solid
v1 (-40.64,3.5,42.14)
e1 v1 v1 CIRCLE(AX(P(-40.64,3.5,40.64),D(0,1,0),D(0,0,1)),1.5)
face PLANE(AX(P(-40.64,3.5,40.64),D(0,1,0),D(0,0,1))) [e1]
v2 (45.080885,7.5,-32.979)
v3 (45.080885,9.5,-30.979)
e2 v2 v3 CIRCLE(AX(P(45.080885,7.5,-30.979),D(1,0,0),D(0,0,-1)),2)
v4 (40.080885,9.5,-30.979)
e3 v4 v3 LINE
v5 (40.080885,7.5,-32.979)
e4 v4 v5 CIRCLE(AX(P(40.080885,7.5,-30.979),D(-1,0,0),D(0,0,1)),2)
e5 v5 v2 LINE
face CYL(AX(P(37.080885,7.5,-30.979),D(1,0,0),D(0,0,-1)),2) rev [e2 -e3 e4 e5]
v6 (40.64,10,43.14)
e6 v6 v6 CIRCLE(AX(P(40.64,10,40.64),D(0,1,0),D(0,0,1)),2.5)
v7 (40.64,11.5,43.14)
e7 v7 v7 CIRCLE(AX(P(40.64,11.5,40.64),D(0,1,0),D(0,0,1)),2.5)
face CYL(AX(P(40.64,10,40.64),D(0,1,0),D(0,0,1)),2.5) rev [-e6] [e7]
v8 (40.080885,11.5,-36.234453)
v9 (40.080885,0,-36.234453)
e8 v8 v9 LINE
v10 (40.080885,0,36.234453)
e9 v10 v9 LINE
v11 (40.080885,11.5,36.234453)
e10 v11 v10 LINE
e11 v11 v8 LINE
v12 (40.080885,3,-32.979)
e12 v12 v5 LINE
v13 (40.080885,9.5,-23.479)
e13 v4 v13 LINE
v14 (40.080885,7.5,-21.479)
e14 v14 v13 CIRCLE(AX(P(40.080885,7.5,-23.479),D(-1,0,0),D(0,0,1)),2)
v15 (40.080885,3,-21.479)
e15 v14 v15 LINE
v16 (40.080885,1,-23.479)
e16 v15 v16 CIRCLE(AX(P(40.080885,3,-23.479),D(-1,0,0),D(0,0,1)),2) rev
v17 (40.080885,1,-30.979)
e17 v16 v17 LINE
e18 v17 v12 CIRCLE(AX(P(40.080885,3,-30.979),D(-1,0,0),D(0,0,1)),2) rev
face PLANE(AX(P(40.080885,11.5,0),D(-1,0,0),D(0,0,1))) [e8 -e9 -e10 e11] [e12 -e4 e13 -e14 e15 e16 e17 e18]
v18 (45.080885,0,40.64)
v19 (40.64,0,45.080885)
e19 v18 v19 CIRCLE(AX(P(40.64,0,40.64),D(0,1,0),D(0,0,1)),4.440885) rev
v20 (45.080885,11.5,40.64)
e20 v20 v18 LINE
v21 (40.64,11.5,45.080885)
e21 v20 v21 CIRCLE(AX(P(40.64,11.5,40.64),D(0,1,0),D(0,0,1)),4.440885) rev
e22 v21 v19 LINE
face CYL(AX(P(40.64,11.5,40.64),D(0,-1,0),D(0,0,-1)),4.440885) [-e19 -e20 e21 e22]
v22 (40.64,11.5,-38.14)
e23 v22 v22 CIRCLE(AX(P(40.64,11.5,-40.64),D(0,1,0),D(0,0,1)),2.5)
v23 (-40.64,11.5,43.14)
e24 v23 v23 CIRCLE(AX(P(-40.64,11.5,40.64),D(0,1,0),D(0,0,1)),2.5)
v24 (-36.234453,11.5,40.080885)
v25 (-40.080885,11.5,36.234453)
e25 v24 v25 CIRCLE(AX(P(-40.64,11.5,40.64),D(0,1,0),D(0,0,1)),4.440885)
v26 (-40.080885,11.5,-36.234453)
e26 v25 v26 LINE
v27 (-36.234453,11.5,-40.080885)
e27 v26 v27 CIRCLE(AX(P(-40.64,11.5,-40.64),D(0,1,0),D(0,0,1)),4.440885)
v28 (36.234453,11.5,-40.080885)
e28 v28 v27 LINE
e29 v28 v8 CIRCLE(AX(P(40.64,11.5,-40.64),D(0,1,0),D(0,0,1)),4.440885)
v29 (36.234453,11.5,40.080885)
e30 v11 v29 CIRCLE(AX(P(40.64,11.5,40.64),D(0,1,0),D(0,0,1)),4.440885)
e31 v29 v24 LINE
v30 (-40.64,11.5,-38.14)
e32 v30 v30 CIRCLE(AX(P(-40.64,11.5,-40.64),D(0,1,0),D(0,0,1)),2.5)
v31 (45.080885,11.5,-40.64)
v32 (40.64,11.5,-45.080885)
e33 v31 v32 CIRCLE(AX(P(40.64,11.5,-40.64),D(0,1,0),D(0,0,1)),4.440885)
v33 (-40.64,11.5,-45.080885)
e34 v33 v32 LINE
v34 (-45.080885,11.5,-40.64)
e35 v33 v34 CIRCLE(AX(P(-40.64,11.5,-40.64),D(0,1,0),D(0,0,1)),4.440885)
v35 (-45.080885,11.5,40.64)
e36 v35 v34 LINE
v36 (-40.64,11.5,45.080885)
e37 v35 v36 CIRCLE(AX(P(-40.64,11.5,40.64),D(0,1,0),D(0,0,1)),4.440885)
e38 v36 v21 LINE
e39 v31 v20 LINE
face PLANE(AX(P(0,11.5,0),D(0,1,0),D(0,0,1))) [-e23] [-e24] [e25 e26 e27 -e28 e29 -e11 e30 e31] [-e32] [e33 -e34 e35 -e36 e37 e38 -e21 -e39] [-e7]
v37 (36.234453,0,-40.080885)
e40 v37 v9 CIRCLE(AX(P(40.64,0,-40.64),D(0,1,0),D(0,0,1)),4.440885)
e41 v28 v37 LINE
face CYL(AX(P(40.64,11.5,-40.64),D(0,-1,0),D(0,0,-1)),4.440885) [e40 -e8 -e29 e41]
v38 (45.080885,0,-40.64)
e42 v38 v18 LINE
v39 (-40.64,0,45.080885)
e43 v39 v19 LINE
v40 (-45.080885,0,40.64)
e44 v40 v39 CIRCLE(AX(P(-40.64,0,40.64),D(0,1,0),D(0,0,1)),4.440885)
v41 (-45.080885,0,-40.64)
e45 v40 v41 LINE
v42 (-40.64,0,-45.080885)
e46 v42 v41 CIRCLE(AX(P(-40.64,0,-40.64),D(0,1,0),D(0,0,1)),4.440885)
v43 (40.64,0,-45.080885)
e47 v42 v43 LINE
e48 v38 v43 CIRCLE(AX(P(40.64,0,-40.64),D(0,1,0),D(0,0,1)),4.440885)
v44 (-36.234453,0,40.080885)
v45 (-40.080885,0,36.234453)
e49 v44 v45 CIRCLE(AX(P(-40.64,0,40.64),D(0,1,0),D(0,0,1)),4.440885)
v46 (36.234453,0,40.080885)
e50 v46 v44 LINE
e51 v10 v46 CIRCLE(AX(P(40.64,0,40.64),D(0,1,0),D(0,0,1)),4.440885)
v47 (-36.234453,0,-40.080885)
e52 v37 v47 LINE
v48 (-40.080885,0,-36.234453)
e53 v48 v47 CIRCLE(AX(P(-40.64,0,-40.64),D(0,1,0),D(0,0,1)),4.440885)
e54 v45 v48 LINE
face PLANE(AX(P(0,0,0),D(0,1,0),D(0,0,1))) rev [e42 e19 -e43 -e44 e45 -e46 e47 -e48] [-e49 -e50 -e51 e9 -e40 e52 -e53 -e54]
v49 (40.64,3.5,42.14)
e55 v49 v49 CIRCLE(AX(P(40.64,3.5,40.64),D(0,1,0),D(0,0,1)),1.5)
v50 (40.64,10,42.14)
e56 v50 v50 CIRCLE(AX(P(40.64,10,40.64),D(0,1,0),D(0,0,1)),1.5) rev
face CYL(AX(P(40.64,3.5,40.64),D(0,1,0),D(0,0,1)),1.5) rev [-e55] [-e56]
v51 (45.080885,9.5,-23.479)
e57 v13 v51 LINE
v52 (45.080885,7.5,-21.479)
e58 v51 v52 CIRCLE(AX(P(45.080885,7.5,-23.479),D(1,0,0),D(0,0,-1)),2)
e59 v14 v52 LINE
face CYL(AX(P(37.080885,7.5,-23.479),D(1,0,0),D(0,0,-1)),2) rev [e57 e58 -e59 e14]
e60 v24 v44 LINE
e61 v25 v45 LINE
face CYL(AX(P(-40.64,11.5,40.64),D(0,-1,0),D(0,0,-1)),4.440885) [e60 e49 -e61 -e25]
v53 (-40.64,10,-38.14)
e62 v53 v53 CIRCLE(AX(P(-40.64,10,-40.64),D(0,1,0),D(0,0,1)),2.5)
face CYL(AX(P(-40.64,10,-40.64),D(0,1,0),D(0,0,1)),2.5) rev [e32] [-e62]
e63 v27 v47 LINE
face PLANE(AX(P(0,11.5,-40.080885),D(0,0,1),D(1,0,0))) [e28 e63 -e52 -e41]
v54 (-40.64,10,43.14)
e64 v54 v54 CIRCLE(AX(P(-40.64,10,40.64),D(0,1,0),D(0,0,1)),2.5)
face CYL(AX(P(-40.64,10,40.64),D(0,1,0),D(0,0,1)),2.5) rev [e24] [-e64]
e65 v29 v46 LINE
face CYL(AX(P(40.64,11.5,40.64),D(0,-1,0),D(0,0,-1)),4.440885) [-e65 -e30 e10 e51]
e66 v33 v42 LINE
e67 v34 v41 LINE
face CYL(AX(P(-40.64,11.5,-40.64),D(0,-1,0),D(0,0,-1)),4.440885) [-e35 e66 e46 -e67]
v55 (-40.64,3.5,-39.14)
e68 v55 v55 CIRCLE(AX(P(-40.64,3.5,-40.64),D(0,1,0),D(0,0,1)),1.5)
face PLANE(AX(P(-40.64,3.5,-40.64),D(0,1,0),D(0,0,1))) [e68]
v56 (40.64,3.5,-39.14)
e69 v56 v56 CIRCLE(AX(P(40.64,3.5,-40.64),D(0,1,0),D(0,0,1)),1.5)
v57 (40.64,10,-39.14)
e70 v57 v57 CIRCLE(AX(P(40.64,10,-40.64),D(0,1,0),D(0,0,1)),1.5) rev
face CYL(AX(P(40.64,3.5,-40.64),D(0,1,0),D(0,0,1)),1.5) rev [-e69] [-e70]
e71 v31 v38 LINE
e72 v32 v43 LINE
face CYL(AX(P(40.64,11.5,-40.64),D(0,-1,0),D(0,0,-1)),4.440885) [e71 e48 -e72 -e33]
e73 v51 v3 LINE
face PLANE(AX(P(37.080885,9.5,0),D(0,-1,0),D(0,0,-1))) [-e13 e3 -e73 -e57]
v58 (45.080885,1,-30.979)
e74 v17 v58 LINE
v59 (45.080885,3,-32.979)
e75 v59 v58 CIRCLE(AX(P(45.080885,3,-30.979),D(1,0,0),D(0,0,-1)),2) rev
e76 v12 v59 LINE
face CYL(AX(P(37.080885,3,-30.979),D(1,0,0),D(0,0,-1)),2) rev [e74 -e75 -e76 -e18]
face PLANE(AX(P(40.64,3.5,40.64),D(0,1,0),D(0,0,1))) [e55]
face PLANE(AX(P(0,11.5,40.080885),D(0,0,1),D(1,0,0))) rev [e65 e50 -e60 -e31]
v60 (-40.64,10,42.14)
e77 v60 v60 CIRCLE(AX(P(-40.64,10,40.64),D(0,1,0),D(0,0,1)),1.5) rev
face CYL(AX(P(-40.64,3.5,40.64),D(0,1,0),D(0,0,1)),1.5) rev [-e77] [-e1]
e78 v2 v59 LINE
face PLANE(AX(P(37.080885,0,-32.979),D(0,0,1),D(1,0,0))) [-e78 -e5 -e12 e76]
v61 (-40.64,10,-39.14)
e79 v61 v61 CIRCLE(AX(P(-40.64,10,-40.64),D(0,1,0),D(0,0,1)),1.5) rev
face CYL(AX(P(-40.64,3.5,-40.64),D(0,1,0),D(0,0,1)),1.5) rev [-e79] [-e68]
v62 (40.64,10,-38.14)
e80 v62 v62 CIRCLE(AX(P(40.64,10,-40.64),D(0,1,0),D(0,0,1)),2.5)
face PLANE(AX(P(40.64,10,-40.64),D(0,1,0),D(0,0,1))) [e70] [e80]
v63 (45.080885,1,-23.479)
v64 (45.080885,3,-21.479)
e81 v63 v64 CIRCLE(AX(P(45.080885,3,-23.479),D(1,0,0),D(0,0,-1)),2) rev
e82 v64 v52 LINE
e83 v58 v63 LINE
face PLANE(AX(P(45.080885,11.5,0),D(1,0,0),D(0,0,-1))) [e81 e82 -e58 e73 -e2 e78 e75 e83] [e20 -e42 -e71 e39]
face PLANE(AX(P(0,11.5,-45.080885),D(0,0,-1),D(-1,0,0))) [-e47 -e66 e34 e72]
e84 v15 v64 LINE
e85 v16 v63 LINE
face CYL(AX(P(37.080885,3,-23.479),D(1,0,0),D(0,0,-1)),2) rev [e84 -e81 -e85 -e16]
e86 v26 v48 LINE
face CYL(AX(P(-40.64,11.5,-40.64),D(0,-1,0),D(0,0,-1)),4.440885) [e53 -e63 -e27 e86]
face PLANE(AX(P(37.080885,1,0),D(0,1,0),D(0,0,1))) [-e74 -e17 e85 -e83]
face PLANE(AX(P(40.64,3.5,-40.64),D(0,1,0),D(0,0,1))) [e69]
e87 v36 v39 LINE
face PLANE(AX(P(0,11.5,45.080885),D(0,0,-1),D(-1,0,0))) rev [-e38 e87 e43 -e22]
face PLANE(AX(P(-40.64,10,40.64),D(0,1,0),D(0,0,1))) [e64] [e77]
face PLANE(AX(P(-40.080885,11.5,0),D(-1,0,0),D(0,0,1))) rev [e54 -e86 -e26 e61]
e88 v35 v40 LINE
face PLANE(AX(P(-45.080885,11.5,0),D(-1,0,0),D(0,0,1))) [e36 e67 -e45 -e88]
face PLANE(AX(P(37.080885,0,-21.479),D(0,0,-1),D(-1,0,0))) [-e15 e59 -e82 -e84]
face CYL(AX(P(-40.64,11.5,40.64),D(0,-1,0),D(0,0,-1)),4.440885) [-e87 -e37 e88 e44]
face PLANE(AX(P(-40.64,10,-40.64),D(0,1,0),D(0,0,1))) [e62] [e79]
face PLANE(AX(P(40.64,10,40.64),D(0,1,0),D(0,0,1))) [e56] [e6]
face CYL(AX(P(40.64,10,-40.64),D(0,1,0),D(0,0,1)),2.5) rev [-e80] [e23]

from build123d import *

# Parameters (mm, degrees)
SKETCH1_W           = 7.937979337
SKETCH1_H           = 0.559115352
BOSS_EXTRUDE1_DEPTH = 11.5
SKETCH2_R           = 1.5
CUT_EXTRUDE1_DEPTH  = 8
CUT_EXTRUDE2_DEPTH  = 8
SKETCH4_R           = 2.5
CUT_EXTRUDE3_DEPTH  = 1.5


with BuildPart() as part:
    # Sketch1 → Boss-Extrude1 (new body)
    with BuildSketch(Plane(origin=(0, 0, 0), x_dir=(1, 0, 0), z_dir=(0, 1, 0))):
        with BuildLine():
            Line((-40.080884648, -36.23445276), (-40.080884648, 18.423402639))
            Line((-40.080884648, 18.423402639), (-40.64, 18.423402639))
            Line((-40.64, 18.423402639), (-40.64, -36.199115352))
            ThreePointArc((-40.64, -36.199115352), (-40.359884529, -36.207958509), (-40.080884648, -36.23445276))
        make_face()
        with BuildLine():
            Line((-40.080884648, 18.423402639), (-40.080884648, 36.23445276))
            ThreePointArc((-40.080884648, 36.23445276), (-40.359884529, 36.207958509), (-40.64, 36.199115352))
            Line((-40.64, 36.199115352), (-40.64, 18.423402639))
            Line((-40.64, 18.423402639), (-40.080884648, 18.423402639))
        make_face()
        with BuildLine():
            Line((-36.23445276, 40.080884648), (-7.937979337, 40.080884648))
            Line((-7.937979337, 40.080884648), (-7.937979337, 40.64))
            Line((-7.937979337, 40.64), (-36.199115352, 40.64))
            ThreePointArc((-36.199115352, 40.64), (-36.207958509, 40.359884529), (-36.23445276, 40.080884648))
        make_face()
        with BuildLine():
            Line((0, 40.64), (0, 40.080884648))
            Line((0, 40.080884648), (36.23445276, 40.080884648))
            ThreePointArc((36.23445276, 40.080884648), (36.207958509, 40.359884529), (36.199115352, 40.64))
            Line((36.199115352, 40.64), (0, 40.64))
        make_face()
        with Locations((-3.968989669, 40.360442324)):
            Rectangle(SKETCH1_W, SKETCH1_H)
        with BuildLine():
            ThreePointArc((40.64, 36.199115352), (40.359884529, 36.207958509), (40.080884648, 36.23445276))
            Line((40.080884648, 36.23445276), (40.080884648, 28.268480093))
            Line((40.080884648, 28.268480093), (40.64, 28.268480093))
            Line((40.64, 28.268480093), (40.64, 36.199115352))
        make_face()
        with BuildLine():
            Line((40.64, 28.268480093), (40.080884648, 28.268480093))
            Line((40.080884648, 28.268480093), (40.080884648, -36.23445276))
            ThreePointArc((40.080884648, -36.23445276), (40.359884529, -36.207958509), (40.64, -36.199115352))
            Line((40.64, -36.199115352), (40.64, 28.268480093))
        make_face()
        with BuildLine():
            ThreePointArc((40.64, -36.199115352), (40.359884529, -36.207958509), (40.080884648, -36.23445276))
            ThreePointArc((40.080884648, -36.23445276), (37.499820351, -37.499820351), (36.23445276, -40.080884648))
            ThreePointArc((36.23445276, -40.080884648), (36.207958509, -40.359884529), (36.199115352, -40.64))
            Line((36.199115352, -40.64), (40.64, -40.64))
            Line((40.64, -40.64), (40.64, -36.199115352))
        make_face()
        with BuildLine():
            ThreePointArc((45.080884648, -40.64), (43.780179649, -37.499820351), (40.64, -36.199115352))
            Line((40.64, -36.199115352), (40.64, -40.64))
            Line((40.64, -40.64), (36.199115352, -40.64))
            ThreePointArc((36.199115352, -40.64), (37.499820351, -43.780179649), (40.64, -45.080884648))
            ThreePointArc((40.64, -45.080884648), (43.780179649, -43.780179649), (45.080884648, -40.64))
        make_face()
        with BuildLine():
            ThreePointArc((36.199115352, -40.64), (36.207958509, -40.359884529), (36.23445276, -40.080884648))
            Line((36.23445276, -40.080884648), (27.085817246, -40.080884648))
            Line((27.085817246, -40.080884648), (27.085817246, -40.64))
            Line((27.085817246, -40.64), (36.199115352, -40.64))
        make_face()
        with BuildLine():
            Line((27.085817246, -40.080884648), (-36.23445276, -40.080884648))
            ThreePointArc((-36.23445276, -40.080884648), (-36.207958509, -40.359884529), (-36.199115352, -40.64))
            Line((-36.199115352, -40.64), (27.085817246, -40.64))
            Line((27.085817246, -40.64), (27.085817246, -40.080884648))
        make_face()
        with BuildLine():
            Line((-40.64, -40.64), (-40.64, -36.199115352))
            ThreePointArc((-40.64, -36.199115352), (-43.780179649, -37.499820351), (-45.080884648, -40.64))
            ThreePointArc((-45.080884648, -40.64), (-43.780179649, -43.780179649), (-40.64, -45.080884648))
            ThreePointArc((-40.64, -45.080884648), (-37.499820351, -43.780179649), (-36.199115352, -40.64))
            Line((-36.199115352, -40.64), (-40.64, -40.64))
        make_face()
        with BuildLine():
            ThreePointArc((-36.23445276, -40.080884648), (-37.499820351, -37.499820351), (-40.080884648, -36.23445276))
            ThreePointArc((-40.080884648, -36.23445276), (-40.359884529, -36.207958509), (-40.64, -36.199115352))
            Line((-40.64, -36.199115352), (-40.64, -40.64))
            Line((-40.64, -40.64), (-36.199115352, -40.64))
            ThreePointArc((-36.199115352, -40.64), (-36.207958509, -40.359884529), (-36.23445276, -40.080884648))
        make_face()
        with BuildLine():
            Line((27.085817246, -40.64), (-36.199115352, -40.64))
            ThreePointArc((-36.199115352, -40.64), (-37.499820351, -43.780179649), (-40.64, -45.080884648))
            Line((-40.64, -45.080884648), (27.085817246, -45.080884648))
            Line((27.085817246, -45.080884648), (27.085817246, -40.64))
        make_face()
        with BuildLine():
            Line((-40.64, -36.199115352), (-40.64, 18.423402639))
            Line((-40.64, 18.423402639), (-45.080884648, 18.423402639))
            Line((-45.080884648, 18.423402639), (-45.080884648, -40.64))
            ThreePointArc((-45.080884648, -40.64), (-43.780179649, -37.499820351), (-40.64, -36.199115352))
        make_face()
        with BuildLine():
            ThreePointArc((40.64, -45.080884648), (37.499820351, -43.780179649), (36.199115352, -40.64))
            Line((36.199115352, -40.64), (27.085817246, -40.64))
            Line((27.085817246, -40.64), (27.085817246, -45.080884648))
            Line((27.085817246, -45.080884648), (40.64, -45.080884648))
        make_face()
        with BuildLine():
            Line((45.080884648, 28.268480093), (40.64, 28.268480093))
            Line((40.64, 28.268480093), (40.64, -36.199115352))
            ThreePointArc((40.64, -36.199115352), (43.780179649, -37.499820351), (45.080884648, -40.64))
            Line((45.080884648, -40.64), (45.080884648, 28.268480093))
        make_face()
        with BuildLine():
            ThreePointArc((45.080884648, 40.64), (43.780179649, 37.499820351), (40.64, 36.199115352))
            Line((40.64, 36.199115352), (40.64, 28.268480093))
            Line((40.64, 28.268480093), (45.080884648, 28.268480093))
            Line((45.080884648, 28.268480093), (45.080884648, 40.64))
        make_face()
        with BuildLine():
            ThreePointArc((40.64, 45.080884648), (37.499820351, 43.780179649), (36.199115352, 40.64))
            Line((36.199115352, 40.64), (40.64, 40.64))
            Line((40.64, 40.64), (40.64, 36.199115352))
            ThreePointArc((40.64, 36.199115352), (43.780179649, 37.499820351), (45.080884648, 40.64))
            ThreePointArc((45.080884648, 40.64), (43.780179649, 43.780179649), (40.64, 45.080884648))
        make_face()
        with BuildLine():
            ThreePointArc((36.199115352, 40.64), (36.207958509, 40.359884529), (36.23445276, 40.080884648))
            ThreePointArc((36.23445276, 40.080884648), (37.499820351, 37.499820351), (40.080884648, 36.23445276))
            ThreePointArc((40.080884648, 36.23445276), (40.359884529, 36.207958509), (40.64, 36.199115352))
            Line((40.64, 36.199115352), (40.64, 40.64))
            Line((40.64, 40.64), (36.199115352, 40.64))
        make_face()
        with BuildLine():
            Line((-7.937979337, 40.64), (0, 40.64))
            Line((0, 40.64), (36.199115352, 40.64))
            ThreePointArc((36.199115352, 40.64), (37.499820351, 43.780179649), (40.64, 45.080884648))
            Line((40.64, 45.080884648), (-7.937979337, 45.080884648))
            Line((-7.937979337, 45.080884648), (-7.937979337, 40.64))
        make_face()
        with BuildLine():
            Line((-36.199115352, 40.64), (-7.937979337, 40.64))
            Line((-7.937979337, 40.64), (-7.937979337, 45.080884648))
            Line((-7.937979337, 45.080884648), (-40.64, 45.080884648))
            ThreePointArc((-40.64, 45.080884648), (-37.499820351, 43.780179649), (-36.199115352, 40.64))
        make_face()
        with BuildLine():
            Line((-40.64, 40.64), (-36.199115352, 40.64))
            ThreePointArc((-36.199115352, 40.64), (-37.499820351, 43.780179649), (-40.64, 45.080884648))
            ThreePointArc((-40.64, 45.080884648), (-43.780179649, 43.780179649), (-45.080884648, 40.64))
            ThreePointArc((-45.080884648, 40.64), (-43.780179649, 37.499820351), (-40.64, 36.199115352))
            Line((-40.64, 36.199115352), (-40.64, 40.64))
        make_face()
        with BuildLine():
            ThreePointArc((-40.080884648, 36.23445276), (-37.499820351, 37.499820351), (-36.23445276, 40.080884648))
            ThreePointArc((-36.23445276, 40.080884648), (-36.207958509, 40.359884529), (-36.199115352, 40.64))
            Line((-36.199115352, 40.64), (-40.64, 40.64))
            Line((-40.64, 40.64), (-40.64, 36.199115352))
            ThreePointArc((-40.64, 36.199115352), (-40.359884529, 36.207958509), (-40.080884648, 36.23445276))
        make_face()
        with BuildLine():
            Line((-40.64, 18.423402639), (-40.64, 36.199115352))
            ThreePointArc((-40.64, 36.199115352), (-43.780179649, 37.499820351), (-45.080884648, 40.64))
            Line((-45.080884648, 40.64), (-45.080884648, 18.423402639))
            Line((-45.080884648, 18.423402639), (-40.64, 18.423402639))
        make_face()
    extrude(amount=BOSS_EXTRUDE1_DEPTH)

    # Sketch2 → Cut-Extrude1 (cut)
    with BuildSketch(Plane(origin=(0, 11.5, 0), x_dir=(1, 0, 0), z_dir=(0, 1, 0))):
        with Locations((-40.64, 40.64)):
            Circle(SKETCH2_R)
        with Locations((40.64, 40.64)):
            Circle(SKETCH2_R)
        with Locations((40.64, -40.64)):
            Circle(SKETCH2_R)
        with Locations((-40.64, -40.64)):
            Circle(SKETCH2_R)
    extrude(amount=-CUT_EXTRUDE1_DEPTH, mode=Mode.SUBTRACT)

    # Sketch3 → Cut-Extrude2 (cut)
    with BuildSketch(Plane(origin=(45.080884648, 0, 0), x_dir=(0, 0, -1), z_dir=(1, 0, 0))):
        with BuildLine():
            Line((30.979, 9.5), (23.479, 9.5))
            ThreePointArc((23.479, 9.5), (22.064786438, 8.914213562), (21.479, 7.5))
            Line((21.479, 7.5), (21.479, 3))
            ThreePointArc((21.479, 3), (22.064786438, 1.585786438), (23.479, 1))
            Line((23.479, 1), (30.979, 1))
            ThreePointArc((30.979, 1), (32.393213562, 1.585786438), (32.979, 3))
            Line((32.979, 3), (32.979, 7.5))
            ThreePointArc((32.979, 7.5), (32.393213562, 8.914213562), (30.979, 9.5))
        make_face()
    extrude(amount=-CUT_EXTRUDE2_DEPTH, mode=Mode.SUBTRACT)

    # Sketch4 → Cut-Extrude3 (cut)
    with BuildSketch(Plane(origin=(0, 11.5, 0), x_dir=(1, 0, 0), z_dir=(0, 1, 0))):
        with Locations((-40.64, 40.64)):
            Circle(SKETCH4_R)
        with Locations((40.64, 40.64)):
            Circle(SKETCH4_R)
        with Locations((40.64, -40.64)):
            Circle(SKETCH4_R)
        with Locations((-40.64, -40.64)):
            Circle(SKETCH4_R)
    extrude(amount=-CUT_EXTRUDE3_DEPTH, mode=Mode.SUBTRACT)


solid = part.part
